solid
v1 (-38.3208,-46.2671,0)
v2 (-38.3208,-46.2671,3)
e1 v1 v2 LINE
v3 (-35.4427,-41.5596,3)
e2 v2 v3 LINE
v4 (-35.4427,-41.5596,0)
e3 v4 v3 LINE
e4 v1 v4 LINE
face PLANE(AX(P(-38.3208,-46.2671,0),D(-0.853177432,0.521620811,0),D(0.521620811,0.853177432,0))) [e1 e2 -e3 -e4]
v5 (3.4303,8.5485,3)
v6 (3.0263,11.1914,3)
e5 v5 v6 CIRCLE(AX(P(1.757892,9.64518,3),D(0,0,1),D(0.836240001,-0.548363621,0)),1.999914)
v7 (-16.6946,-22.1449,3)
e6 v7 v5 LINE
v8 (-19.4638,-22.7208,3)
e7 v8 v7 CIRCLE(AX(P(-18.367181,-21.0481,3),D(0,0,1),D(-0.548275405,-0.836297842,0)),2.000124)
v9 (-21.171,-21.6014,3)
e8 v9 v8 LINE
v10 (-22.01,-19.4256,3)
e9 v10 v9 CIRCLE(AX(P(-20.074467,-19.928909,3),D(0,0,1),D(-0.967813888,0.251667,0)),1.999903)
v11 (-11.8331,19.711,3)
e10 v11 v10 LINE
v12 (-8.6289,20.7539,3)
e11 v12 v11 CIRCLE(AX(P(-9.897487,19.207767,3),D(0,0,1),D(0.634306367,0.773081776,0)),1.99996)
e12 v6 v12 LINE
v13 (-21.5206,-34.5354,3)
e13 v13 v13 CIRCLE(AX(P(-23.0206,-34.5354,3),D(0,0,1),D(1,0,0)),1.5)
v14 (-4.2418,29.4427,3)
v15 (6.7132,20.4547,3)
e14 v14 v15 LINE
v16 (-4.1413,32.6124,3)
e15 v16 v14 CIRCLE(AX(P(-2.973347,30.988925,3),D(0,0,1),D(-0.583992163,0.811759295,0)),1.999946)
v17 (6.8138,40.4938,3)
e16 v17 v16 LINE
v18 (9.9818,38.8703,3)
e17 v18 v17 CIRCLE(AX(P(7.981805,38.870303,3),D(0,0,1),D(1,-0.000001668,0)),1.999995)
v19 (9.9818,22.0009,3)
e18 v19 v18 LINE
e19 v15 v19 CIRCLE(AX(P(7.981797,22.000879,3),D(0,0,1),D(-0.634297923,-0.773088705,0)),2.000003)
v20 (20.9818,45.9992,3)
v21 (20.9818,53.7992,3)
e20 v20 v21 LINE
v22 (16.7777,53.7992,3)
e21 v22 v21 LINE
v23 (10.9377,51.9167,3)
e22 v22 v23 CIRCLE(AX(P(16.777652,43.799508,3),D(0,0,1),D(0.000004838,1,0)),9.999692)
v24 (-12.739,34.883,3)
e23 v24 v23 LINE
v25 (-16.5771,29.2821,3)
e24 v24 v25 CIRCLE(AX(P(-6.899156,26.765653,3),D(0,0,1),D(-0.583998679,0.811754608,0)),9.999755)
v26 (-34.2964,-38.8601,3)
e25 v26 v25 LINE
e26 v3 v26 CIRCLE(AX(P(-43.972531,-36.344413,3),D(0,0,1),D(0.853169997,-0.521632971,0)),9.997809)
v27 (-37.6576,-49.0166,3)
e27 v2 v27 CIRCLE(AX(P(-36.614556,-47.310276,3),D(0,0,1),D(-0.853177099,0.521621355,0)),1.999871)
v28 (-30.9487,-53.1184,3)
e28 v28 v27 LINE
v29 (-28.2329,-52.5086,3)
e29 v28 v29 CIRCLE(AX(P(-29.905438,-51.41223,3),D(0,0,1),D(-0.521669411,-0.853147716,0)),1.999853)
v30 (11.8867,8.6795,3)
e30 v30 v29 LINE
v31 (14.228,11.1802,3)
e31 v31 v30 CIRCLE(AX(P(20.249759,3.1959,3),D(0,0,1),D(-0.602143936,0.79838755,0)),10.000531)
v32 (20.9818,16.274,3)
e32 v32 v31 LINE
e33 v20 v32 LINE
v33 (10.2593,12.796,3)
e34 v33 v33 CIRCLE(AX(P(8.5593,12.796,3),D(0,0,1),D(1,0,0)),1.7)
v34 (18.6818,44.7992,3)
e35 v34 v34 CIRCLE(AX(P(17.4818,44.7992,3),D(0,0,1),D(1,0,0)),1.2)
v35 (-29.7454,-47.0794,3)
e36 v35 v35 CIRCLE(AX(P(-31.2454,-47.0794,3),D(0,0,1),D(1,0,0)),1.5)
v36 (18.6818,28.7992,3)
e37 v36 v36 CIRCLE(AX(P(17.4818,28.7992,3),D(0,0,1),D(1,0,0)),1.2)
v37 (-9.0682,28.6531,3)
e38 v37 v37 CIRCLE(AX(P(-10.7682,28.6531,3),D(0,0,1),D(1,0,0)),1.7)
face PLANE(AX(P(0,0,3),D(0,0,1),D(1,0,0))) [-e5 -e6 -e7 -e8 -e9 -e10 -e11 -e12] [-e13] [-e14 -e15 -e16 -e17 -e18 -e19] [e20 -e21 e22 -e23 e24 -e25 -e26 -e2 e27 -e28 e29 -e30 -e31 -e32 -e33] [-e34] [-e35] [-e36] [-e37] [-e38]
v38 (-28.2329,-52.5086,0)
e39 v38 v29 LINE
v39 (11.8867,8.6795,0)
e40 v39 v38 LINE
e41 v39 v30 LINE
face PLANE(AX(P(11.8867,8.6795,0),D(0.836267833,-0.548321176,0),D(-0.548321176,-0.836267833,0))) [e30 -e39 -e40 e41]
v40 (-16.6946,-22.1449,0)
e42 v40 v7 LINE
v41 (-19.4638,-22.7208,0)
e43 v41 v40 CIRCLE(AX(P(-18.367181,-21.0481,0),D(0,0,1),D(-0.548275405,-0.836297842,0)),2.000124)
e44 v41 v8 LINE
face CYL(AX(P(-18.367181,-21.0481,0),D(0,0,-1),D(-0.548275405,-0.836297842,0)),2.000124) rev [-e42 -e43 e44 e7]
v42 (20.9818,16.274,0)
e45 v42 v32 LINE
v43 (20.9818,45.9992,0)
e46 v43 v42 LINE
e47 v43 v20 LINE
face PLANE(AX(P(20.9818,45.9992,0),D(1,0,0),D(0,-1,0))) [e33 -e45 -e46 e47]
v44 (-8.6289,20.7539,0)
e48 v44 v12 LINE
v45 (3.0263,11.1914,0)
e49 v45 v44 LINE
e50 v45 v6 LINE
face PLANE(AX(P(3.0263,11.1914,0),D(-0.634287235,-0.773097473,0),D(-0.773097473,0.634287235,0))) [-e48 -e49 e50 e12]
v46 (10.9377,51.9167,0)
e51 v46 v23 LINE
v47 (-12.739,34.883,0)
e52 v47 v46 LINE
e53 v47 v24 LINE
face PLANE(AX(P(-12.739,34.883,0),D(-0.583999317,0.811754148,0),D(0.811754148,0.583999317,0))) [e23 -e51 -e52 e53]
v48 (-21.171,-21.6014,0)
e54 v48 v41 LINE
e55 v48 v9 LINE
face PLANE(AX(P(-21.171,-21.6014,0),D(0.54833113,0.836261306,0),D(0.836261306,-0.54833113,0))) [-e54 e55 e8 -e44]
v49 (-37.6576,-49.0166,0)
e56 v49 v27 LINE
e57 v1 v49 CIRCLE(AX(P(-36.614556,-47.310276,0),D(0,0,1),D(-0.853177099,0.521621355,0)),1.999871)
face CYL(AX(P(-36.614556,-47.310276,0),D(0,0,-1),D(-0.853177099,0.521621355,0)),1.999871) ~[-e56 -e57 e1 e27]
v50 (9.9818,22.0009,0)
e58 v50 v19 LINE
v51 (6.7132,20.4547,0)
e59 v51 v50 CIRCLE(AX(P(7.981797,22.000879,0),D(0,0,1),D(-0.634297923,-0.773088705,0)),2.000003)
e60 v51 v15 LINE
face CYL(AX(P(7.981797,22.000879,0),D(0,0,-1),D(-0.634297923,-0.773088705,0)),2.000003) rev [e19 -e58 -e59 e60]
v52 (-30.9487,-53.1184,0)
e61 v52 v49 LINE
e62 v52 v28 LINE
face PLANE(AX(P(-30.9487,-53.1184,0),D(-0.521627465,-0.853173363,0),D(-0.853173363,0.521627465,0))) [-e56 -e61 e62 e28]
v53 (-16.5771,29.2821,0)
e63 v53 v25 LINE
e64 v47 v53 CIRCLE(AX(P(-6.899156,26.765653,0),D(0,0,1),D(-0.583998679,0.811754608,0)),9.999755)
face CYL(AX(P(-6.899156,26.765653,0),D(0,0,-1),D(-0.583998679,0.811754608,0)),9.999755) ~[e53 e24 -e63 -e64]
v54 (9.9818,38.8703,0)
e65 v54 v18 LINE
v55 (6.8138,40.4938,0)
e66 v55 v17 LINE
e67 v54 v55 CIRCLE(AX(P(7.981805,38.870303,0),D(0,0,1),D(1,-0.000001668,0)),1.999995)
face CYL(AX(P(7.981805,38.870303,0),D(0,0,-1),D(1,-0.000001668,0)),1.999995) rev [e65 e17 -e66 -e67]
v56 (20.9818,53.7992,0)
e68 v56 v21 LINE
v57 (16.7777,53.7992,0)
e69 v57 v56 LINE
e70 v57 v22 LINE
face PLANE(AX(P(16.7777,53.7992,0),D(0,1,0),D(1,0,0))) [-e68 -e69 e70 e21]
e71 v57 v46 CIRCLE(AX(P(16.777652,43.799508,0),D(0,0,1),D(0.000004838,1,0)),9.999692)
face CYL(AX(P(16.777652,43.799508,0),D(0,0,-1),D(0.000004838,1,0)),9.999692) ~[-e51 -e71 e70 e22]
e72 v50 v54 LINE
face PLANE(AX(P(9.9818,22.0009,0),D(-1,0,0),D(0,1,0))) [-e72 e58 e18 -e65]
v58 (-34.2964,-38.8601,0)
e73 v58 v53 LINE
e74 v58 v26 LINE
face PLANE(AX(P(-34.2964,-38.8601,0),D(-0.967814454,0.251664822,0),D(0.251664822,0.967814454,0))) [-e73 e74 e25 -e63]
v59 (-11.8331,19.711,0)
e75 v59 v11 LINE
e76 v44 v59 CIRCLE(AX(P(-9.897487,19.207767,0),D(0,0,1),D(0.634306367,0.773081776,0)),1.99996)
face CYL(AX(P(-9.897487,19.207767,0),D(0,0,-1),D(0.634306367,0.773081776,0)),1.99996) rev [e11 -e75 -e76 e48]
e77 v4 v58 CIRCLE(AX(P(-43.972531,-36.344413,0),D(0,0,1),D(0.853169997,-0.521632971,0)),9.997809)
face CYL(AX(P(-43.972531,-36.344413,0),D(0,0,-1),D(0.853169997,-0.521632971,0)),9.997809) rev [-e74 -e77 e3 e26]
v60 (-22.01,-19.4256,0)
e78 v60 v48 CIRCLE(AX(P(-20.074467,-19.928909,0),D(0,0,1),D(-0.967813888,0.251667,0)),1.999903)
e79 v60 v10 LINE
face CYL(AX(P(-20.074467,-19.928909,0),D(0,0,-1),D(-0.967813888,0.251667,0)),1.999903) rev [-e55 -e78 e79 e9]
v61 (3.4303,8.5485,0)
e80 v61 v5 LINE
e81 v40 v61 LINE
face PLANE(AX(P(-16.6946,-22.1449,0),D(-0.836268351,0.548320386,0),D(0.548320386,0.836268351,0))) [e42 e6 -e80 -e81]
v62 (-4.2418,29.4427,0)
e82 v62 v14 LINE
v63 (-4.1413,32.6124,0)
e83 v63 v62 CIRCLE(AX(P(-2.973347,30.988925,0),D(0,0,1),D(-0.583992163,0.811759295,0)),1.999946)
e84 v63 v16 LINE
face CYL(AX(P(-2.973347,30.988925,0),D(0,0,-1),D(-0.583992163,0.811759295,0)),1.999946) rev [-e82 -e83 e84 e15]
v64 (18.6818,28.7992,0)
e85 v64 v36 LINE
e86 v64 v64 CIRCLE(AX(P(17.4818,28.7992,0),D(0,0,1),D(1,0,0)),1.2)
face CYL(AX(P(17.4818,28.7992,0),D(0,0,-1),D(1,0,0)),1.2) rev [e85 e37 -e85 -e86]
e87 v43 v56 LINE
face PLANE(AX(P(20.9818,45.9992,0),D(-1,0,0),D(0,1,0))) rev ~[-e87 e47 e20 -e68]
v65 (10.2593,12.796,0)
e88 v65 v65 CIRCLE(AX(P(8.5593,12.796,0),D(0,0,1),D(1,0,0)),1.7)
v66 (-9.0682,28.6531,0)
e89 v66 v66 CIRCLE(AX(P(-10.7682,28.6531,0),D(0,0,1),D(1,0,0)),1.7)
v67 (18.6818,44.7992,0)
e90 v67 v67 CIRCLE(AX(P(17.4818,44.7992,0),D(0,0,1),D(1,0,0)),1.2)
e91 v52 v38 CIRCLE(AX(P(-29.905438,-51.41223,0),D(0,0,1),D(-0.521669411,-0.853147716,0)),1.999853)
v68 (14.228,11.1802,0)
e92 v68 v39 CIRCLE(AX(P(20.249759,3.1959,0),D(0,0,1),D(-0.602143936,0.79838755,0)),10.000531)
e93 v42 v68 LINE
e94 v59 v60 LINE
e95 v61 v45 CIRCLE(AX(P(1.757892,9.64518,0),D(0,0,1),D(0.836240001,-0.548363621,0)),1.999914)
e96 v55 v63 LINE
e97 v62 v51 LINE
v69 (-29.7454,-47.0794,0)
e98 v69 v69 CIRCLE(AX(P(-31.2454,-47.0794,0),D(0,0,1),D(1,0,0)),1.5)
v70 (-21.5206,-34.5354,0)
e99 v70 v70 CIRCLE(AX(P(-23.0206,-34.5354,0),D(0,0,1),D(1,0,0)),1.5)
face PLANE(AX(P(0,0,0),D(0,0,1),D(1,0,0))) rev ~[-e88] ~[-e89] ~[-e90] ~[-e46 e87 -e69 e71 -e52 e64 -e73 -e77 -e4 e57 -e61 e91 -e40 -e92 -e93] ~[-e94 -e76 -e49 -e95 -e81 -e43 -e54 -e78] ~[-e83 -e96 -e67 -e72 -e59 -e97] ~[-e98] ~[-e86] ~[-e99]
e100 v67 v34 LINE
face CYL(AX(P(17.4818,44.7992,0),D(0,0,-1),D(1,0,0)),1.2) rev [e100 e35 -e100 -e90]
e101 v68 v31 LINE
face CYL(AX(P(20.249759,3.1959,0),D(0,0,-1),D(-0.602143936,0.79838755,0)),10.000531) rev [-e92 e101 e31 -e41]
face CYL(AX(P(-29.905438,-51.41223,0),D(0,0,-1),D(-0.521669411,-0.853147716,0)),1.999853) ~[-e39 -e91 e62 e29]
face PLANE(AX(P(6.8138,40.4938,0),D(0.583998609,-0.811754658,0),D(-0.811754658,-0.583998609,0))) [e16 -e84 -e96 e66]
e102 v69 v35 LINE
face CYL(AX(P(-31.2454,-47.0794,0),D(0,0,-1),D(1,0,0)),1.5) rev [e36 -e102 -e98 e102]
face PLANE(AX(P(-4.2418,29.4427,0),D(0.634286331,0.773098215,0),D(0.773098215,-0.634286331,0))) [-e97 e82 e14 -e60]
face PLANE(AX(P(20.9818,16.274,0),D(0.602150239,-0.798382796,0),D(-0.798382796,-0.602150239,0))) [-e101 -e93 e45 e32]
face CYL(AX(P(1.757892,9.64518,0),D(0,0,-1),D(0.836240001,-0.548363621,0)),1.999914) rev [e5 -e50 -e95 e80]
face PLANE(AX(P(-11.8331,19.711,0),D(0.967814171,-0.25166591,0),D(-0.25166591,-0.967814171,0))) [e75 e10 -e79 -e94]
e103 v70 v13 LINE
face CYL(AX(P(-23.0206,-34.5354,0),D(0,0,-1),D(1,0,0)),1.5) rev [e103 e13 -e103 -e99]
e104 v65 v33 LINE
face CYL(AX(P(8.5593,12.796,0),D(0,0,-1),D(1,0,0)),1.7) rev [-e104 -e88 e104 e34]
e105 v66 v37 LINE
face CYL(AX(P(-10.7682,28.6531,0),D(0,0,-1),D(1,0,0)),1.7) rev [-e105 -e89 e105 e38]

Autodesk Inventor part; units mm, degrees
ref_plane "YZ Plane" through (0, 0, 0) normal (1, 0, 0) x (0, 1, 0)
ref_plane "XZ Plane" through (0, 0, 0) normal (0, 1, 0) x (-1, 0, 0)
ref_plane "XY Plane" through (0, 0, 0) normal (0, 0, 1) x (1, 0, 0)
sketch "Sketch1" plane through (0, 0, 0) normal (0, 0, 1) x (1, 0, 0)
  circle A0 centre (-10.7682, 28.6531) radius 1.7
  line L0 (-30.9487, -53.1184) -> (-37.6576, -49.0166)
  arc A1 (-38.3208, -46.2671) -> (-37.6576, -49.0166) centre (-36.6144, -47.3103) ccw
  line L1 (-38.3208, -46.2671) -> (-35.4427, -41.5596)
  arc A2 (-35.4427, -41.5596) -> (-34.2964, -38.8601) centre (-43.9745, -36.3434) ccw
  line L2 (-34.2964, -38.8601) -> (-16.5771, 29.2821)
  arc A3 (-12.739, 34.883) -> (-16.5771, 29.2821) centre (-6.899, 26.7655) ccw
  line L3 (-12.739, 34.883) -> (10.9377, 51.9167)
  arc A4 (16.7777, 53.7992) -> (10.9377, 51.9167) centre (16.7777, 43.7992) ccw
  line L4 (16.7777, 53.7992) -> (20.9818, 53.7992)
  line L5 (20.9818, 45.9992) -> (20.9818, 16.274)
  line L6 (20.9818, 16.274) -> (14.228, 11.1802)
  arc A5 (14.228, 11.1802) -> (11.8867, 8.6795) centre (20.2494, 3.1963) ccw
  line L7 (11.8867, 8.6795) -> (-28.2329, -52.5086)
  arc A6 (-4.1413, 32.6124) -> (-4.2418, 29.4427) centre (-2.9733, 30.9889) ccw
  line L8 (-4.2418, 29.4427) -> (6.7132, 20.4547)
  arc A7 (6.7132, 20.4547) -> (9.9818, 22.0009) centre (7.9818, 22.0009) ccw
  line L9 (9.9818, 22.0009) -> (9.9818, 38.8703)
  arc A8 (9.9818, 38.8703) -> (6.8138, 40.4938) centre (7.9818, 38.8703) ccw
  line L10 (6.8138, 40.4938) -> (-4.1413, 32.6124)
  circle A9 centre (17.4818, 44.7992) radius 1.2
  circle A10 centre (17.4818, 28.7992) radius 1.2
  line L11 (-16.6946, -22.1449) -> (3.4303, 8.5485)
  arc A11 (3.4303, 8.5485) -> (3.0263, 11.1914) centre (1.7578, 9.6452) ccw
  line L12 (3.0263, 11.1914) -> (-8.6289, 20.7539)
  arc A12 (-8.6289, 20.7539) -> (-11.8331, 19.711) centre (-9.8975, 19.2077) ccw
  line L13 (-11.8331, 19.711) -> (-22.01, -19.4256)
  arc A13 (-22.01, -19.4256) -> (-21.171, -21.6014) centre (-20.0743, -19.9289) ccw
  line L14 (-21.171, -21.6014) -> (-19.4638, -22.7208)
  arc A14 (-19.4638, -22.7208) -> (-16.6946, -22.1449) centre (-18.3672, -21.0482) ccw
  line L15 (20.9818, 45.9992) -> (20.9818, 53.7992)
  circle A15 centre (-31.2454, -47.0794) radius 1.5
  circle A16 centre (-23.0206, -34.5354) radius 1.5
  line L16 (-23.0206, -34.5354) -> (-31.2454, -47.0794) construction
  line L17 (-31.2454, -47.0794) -> (-33.987, -51.2608) construction
  arc A17 (-30.9487, -53.1184) -> (-28.2329, -52.5086) centre (-29.9054, -51.412) ccw
  circle A18 centre (8.5593, 12.796) radius 1.7
  line L18 (-10.7682, 28.6531) -> (8.5593, 12.796) construction
  point P0 (0, 0)
  point P1 (-30.3165, -53.5049)
  point P2 (-11.731, -27.3408)
  dimension "d2" = 3
  dimension "d3" = 3
  dimension "d5" = 2
  dimension "d6" = 5
  dimension "d7" = 15
  dimension "d8" = 3.4
  dimension "d9" = 25
extrude "Extrusion1" add sketch "Sketch1" along normal blind 3
properties part number "Tibia"
